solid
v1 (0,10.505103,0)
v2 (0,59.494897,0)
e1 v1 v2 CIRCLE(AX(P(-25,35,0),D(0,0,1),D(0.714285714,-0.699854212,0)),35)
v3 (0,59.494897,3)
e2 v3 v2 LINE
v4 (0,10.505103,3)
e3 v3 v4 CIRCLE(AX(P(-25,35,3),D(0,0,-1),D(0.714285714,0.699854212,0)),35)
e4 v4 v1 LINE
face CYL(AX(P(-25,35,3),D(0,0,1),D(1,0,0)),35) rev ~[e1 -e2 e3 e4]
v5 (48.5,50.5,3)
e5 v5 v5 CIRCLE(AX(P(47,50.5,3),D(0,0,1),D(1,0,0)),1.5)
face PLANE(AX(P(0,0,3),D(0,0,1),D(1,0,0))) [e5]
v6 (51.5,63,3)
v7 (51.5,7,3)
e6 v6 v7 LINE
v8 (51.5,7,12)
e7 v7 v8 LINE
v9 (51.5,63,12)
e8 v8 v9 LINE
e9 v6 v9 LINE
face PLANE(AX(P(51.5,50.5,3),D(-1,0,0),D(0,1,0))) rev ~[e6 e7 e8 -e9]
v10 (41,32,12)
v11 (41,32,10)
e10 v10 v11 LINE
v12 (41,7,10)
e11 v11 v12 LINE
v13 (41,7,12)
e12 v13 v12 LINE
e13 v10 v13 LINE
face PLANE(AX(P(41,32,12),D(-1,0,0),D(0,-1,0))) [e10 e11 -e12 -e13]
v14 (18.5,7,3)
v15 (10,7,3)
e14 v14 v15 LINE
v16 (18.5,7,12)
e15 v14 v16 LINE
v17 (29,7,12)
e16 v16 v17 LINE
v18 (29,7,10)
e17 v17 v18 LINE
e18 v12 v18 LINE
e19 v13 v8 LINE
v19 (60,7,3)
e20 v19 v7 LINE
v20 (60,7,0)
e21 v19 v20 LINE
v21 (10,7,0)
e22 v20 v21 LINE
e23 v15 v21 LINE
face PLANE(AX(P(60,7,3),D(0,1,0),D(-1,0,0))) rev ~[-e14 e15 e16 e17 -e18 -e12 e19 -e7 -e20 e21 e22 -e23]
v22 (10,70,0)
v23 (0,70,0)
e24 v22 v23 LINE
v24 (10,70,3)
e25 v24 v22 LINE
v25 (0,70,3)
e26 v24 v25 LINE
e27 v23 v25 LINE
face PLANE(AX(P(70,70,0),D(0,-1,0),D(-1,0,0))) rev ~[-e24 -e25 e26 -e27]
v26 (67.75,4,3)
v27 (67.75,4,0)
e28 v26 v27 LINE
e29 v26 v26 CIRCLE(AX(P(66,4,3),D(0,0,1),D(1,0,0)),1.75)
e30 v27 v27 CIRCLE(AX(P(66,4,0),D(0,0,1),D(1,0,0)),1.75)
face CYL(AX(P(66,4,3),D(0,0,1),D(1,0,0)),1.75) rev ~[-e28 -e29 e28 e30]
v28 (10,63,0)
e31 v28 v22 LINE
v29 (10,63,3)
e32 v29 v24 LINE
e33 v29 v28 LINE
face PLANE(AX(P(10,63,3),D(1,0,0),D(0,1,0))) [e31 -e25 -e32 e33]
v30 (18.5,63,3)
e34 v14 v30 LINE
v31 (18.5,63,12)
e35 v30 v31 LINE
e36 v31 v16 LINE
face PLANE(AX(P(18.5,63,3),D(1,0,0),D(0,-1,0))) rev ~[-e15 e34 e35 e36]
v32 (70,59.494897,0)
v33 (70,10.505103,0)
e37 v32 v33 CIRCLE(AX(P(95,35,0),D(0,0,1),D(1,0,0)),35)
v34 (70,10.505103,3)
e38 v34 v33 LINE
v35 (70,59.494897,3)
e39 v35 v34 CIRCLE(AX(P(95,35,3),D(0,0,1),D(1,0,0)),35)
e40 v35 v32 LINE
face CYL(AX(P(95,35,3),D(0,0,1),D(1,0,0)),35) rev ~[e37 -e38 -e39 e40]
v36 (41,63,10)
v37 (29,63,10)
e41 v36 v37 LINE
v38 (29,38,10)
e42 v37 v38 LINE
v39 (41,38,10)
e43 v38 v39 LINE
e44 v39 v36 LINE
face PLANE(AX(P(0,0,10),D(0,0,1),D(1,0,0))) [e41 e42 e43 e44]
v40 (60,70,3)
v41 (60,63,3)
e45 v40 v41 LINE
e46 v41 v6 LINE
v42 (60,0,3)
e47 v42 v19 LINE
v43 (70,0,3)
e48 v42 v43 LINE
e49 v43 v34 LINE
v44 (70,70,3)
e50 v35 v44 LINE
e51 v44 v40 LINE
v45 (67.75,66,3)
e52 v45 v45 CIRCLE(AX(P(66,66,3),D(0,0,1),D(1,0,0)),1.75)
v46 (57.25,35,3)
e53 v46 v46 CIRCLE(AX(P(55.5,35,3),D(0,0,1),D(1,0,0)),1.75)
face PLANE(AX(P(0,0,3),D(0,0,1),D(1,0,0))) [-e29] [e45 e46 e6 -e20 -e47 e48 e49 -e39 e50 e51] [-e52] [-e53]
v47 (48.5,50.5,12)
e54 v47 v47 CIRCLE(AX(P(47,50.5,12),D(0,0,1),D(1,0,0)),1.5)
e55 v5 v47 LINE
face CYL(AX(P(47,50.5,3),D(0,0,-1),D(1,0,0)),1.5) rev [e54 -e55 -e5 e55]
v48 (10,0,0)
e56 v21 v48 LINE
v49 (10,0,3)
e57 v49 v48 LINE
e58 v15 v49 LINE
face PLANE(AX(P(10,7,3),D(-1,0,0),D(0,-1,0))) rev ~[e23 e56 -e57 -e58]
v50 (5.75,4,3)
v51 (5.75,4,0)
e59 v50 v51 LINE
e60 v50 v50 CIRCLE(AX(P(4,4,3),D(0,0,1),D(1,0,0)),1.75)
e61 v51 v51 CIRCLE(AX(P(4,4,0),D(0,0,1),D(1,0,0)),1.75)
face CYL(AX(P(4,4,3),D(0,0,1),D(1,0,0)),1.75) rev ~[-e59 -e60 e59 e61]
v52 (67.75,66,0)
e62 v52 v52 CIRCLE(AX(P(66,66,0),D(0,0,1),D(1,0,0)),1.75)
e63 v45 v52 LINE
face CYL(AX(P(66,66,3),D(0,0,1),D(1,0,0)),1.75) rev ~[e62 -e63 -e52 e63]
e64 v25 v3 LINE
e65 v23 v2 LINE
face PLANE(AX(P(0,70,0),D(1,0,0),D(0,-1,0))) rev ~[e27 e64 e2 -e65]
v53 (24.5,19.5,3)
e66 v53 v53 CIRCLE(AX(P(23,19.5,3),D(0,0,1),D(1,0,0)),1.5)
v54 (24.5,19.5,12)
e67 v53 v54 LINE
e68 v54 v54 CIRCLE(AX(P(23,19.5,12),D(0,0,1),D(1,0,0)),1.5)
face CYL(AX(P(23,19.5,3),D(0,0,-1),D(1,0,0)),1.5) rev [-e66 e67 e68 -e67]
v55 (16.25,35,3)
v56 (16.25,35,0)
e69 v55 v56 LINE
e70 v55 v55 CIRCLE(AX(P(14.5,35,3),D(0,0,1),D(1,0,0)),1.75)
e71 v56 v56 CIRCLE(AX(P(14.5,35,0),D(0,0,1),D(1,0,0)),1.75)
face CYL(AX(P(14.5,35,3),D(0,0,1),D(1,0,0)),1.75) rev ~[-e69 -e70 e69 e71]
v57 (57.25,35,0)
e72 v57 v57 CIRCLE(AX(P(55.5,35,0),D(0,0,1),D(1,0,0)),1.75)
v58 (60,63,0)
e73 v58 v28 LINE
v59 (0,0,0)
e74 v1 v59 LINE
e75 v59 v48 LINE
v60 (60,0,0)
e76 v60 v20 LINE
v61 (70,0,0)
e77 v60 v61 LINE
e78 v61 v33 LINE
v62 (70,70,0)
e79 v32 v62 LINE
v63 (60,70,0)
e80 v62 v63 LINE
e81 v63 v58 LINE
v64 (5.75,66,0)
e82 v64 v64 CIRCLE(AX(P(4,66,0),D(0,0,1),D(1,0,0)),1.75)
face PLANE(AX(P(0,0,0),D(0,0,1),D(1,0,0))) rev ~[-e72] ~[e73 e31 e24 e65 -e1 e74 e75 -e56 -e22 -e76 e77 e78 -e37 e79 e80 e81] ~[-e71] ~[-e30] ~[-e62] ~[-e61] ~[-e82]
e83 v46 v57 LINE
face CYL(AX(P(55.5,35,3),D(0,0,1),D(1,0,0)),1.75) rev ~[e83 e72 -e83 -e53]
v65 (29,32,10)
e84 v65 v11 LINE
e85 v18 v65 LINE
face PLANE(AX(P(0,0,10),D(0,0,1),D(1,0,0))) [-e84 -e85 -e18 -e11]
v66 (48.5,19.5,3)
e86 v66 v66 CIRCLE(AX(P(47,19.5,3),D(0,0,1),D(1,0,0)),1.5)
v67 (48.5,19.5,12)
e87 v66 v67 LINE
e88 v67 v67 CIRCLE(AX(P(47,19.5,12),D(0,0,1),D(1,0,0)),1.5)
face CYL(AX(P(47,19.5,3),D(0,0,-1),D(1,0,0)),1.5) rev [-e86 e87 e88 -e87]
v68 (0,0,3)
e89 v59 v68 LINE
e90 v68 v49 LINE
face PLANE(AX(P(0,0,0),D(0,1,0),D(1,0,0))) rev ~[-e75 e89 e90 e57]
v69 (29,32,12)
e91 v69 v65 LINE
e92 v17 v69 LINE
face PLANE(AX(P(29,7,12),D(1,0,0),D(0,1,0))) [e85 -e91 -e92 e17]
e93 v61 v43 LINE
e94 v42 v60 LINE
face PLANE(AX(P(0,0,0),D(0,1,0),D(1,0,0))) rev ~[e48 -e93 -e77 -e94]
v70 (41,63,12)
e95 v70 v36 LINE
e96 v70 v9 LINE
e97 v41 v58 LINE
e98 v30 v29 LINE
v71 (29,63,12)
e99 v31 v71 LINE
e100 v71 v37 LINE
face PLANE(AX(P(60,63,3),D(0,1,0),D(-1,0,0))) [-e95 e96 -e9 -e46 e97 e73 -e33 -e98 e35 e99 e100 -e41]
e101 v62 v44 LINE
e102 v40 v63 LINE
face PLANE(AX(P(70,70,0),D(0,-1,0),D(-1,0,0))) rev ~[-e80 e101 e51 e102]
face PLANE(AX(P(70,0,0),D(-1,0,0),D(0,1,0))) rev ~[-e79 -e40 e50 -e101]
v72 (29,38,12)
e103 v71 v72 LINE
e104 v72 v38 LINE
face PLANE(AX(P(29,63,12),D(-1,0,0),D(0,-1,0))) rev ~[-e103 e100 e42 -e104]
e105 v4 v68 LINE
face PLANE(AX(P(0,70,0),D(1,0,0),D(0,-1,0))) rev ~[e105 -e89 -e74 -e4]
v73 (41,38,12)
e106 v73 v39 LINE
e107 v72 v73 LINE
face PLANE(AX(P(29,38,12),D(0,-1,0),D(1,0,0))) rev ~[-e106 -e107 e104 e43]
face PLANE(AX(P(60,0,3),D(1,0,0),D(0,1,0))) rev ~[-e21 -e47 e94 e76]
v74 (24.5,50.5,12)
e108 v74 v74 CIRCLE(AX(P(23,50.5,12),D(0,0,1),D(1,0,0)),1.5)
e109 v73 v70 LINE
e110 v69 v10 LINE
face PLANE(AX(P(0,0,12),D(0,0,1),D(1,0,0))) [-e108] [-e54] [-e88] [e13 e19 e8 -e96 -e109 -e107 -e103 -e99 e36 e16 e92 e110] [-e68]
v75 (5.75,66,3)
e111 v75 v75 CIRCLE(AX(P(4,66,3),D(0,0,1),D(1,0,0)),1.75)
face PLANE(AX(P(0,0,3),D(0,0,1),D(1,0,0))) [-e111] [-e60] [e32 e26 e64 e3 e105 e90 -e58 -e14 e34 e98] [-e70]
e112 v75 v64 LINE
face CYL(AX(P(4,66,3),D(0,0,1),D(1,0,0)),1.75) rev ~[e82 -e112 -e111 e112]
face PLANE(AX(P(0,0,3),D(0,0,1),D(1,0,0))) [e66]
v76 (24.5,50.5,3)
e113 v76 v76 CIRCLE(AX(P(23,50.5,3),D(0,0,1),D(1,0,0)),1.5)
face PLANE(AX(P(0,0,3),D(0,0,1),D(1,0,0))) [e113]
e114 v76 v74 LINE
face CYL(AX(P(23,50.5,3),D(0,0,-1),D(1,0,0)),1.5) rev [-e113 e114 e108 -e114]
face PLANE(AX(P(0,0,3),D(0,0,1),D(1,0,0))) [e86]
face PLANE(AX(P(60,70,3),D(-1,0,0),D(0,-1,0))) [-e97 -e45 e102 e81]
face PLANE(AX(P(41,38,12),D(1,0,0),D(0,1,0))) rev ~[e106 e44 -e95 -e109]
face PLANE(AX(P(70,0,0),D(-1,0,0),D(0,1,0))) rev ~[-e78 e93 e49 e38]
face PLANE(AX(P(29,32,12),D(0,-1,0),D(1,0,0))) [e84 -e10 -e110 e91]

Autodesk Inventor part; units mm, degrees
ref_plane "YZ Plane" through (0, 0, 0) normal (1, 0, 0) x (0, 1, 0)
ref_plane "XZ Plane" through (0, 0, 0) normal (0, 1, 0) x (-1, 0, 0)
ref_plane "XY Plane" through (0, 0, 0) normal (0, 0, 1) x (1, 0, 0)
sketch "Sketch1" plane through (0, 0, 0) normal (0, 0, 1) x (1, 0, 0)
  line L0 (0, 0) -> (70, 0)
  line L1 (70, 0) -> (70, 70)
  line L2 (70, 70) -> (0, 70)
  line L3 (0, 70) -> (0, 0)
  dimension "d0" = 70
  dimension "d1" = 70
extrude "Extrusion1" add sketch "Sketch1" along normal blind 3
sketch "Esboço3" plane through (0, 0, 3) normal (0, 0, 1) x (1, 0, 0)
  line L0 (70, 70) -> (0, 70) projected
  line L1 (70, 0) -> (70, 70) projected
  line L2 (0, 70) -> (0, 0) projected
  line L3 (41, 63) -> (29, 63)
  line L4 (29, 63) -> (29, 38)
  line L5 (29, 38) -> (41, 38)
  line L6 (41, 38) -> (41, 63)
  line L7 (41, 7) -> (29, 7)
  line L8 (29, 7) -> (29, 32)
  line L9 (29, 32) -> (41, 32)
  line L10 (41, 32) -> (41, 7)
  line L11 (0, 0) -> (70, 0) projected
  circle A0 centre (23, 19.5) radius 1.5
  circle A1 centre (23, 19.5) radius 4.5
  circle A2 centre (47, 19.5) radius 1.5
  circle A3 centre (47, 19.5) radius 4.5
  circle A4 centre (23, 50.5) radius 4.5
  circle A5 centre (23, 50.5) radius 1.5
  circle A6 centre (47, 50.5) radius 1.5
  circle A7 centre (47, 50.5) radius 4.5
  line L12 (18.5, 7) -> (51.5, 7)
  line L13 (51.5, 7) -> (51.5, 63)
  line L14 (51.5, 63) -> (18.5, 63)
  line L15 (18.5, 63) -> (18.5, 7)
  point P0 (35, 70)
  point P1 (35, 63)
  point P2 (35, 7)
  point P3 (29, 50.5)
  point P4 (35, 32)
  point P5 (18.5, 50.5)
  point P6 (18.5, 19.5)
  point P7 (51.5, 19.5)
  point P8 (51.5, 50.5)
  dimension "d10" = 70
  dimension "d11" = 12
  dimension "d12" = 25
  dimension "d13" = 7
  dimension "d14" = 35
  dimension "d15" = 12
  dimension "d16" = 25
  dimension "d17" = 7
  dimension "d18" = 35
  dimension "d21" = 3
  dimension "d22" = 12.5
  dimension "d24" = 9
  dimension "d25" = 6
  dimension "d26" = 3
  dimension "d27" = 9
  dimension "d28" = 6
  dimension "d29" = 12.5
  dimension "d30" = 9
  dimension "d31" = 6
  dimension "d32" = 3
  dimension "d33" = 12.5
  dimension "d34" = 3
  dimension "d35" = 9
  dimension "d36" = 12.5
  dimension "d37" = 6
  dimension "d40" = 56
  dimension "d41" = 16.5
  dimension "d42" = 16.5
extrude "Extrusão4" add sketch "Esboço3" along normal blind 9 contours L6 L5 L4 L3 | A4 | A1 | A3 | A7 | L14 L13 L12 L10 L9 L8 L15 L4 L5 L6 | L7 L8 L9 L10
sketch "Esboço4" plane through (0, 0, 12) normal (0, 0, 1) x (1, 0, 0)
  line L0 (70, 70) -> (0, 70)
  line L1 (70, 0) -> (70, 70)
  line L2 (0, 70) -> (0, 0)
  line L3 (41, 63) -> (29, 63)
  line L4 (29, 63) -> (29, 38)
  line L5 (29, 38) -> (41, 38)
  line L6 (41, 38) -> (41, 63)
  line L7 (41, 7) -> (29, 7)
  line L8 (29, 7) -> (29, 32)
  line L9 (29, 32) -> (41, 32)
  line L10 (41, 32) -> (41, 7)
  line L11 (0, 0) -> (70, 0)
  circle A0 centre (23, 19.5) radius 1.5
  circle A1 centre (23, 19.5) radius 4.5
  circle A2 centre (47, 19.5) radius 1.5
  circle A3 centre (47, 19.5) radius 4.5
  circle A4 centre (23, 50.5) radius 4.5
  circle A5 centre (23, 50.5) radius 1.5
  circle A6 centre (47, 50.5) radius 1.5
  circle A7 centre (47, 50.5) radius 4.5
  line L12 (18.5, 7) -> (51.5, 7)
  line L13 (51.5, 7) -> (51.5, 63)
  line L14 (51.5, 63) -> (18.5, 63)
  line L15 (18.5, 63) -> (18.5, 7)
  point P0 (35, 70)
  point P1 (35, 63)
  point P2 (35, 7)
  point P3 (29, 50.5)
  point P4 (35, 32)
  point P5 (18.5, 50.5)
  point P6 (18.5, 19.5)
  point P7 (51.5, 19.5)
  point P8 (51.5, 50.5)
  dimension "d43" = 70
  dimension "d44" = 12
  dimension "d45" = 25
  dimension "d46" = 7
  dimension "d47" = 35
  dimension "d48" = 12
  dimension "d49" = 25
  dimension "d50" = 7
  dimension "d51" = 35
  dimension "d52" = 3
  dimension "d53" = 12.5
  dimension "d54" = 9
  dimension "d55" = 6
  dimension "d56" = 3
  dimension "d57" = 9
  dimension "d58" = 6
  dimension "d59" = 12.5
  dimension "d60" = 9
  dimension "d61" = 6
  dimension "d62" = 3
  dimension "d63" = 12.5
  dimension "d64" = 3
  dimension "d65" = 9
  dimension "d66" = 12.5
  dimension "d67" = 6
  dimension "d68" = 56
  dimension "d69" = 16.5
  dimension "d70" = 16.5
extrude "Extrusão5" cut sketch "Esboço4" against normal blind 2 contours L6 L5 L4 L3 | L7 L8 L9 L10
sketch "Esboço5" plane through (0, 0, 3) normal (0, 0, 1) x (1, 0, 0)
  line L0 (0, 0) -> (70, 0) projected
  line L1 (10, 0) -> (60, 0)
  line L2 (60, 0) -> (60, 7)
  line L3 (60, 7) -> (10, 7)
  line L4 (10, 7) -> (10, 0)
  line L5 (70, 70) -> (0, 70) projected
  line L6 (10, 70) -> (60, 70)
  line L7 (60, 70) -> (60, 63)
  line L8 (60, 63) -> (10, 63)
  line L9 (10, 63) -> (10, 70)
  point P0 (35, 0)
  point P1 (60, 3.5)
  point P2 (10, 66.5)
  point P3 (35, 70)
  dimension "d73" = 50
  dimension "d74" = 25
  dimension "d75" = 7
  dimension "d76" = 50
  dimension "d77" = 7
  dimension "d78" = 25
extrude "Extrusão6" cut sketch "Esboço5" against normal up to surface (3 mm away)
sketch "Esboço6" plane through (0, 0, 3) normal (0, 0, 1) x (1, 0, 0)
  circle A0 centre (-25, 35) radius 35
  line L0 (0, 70) -> (0, 0) projected
  line L1 (0, 0) -> (10, 0) projected
  circle A1 centre (95, 35) radius 35
  line L2 (70, 0) -> (70, 70) projected
  line L3 (60, 0) -> (70, 0) projected
  circle A2 centre (4, 66) radius 1.75
  circle A3 centre (66, 66) radius 1.75
  circle A4 centre (4, 4) radius 1.75
  circle A5 centre (66, 4) radius 1.75
  line L4 (10, 70) -> (0, 70) projected
  line L5 (70, 70) -> (60, 70) projected
  circle A6 centre (14.5, 35) radius 1.75
  line L6 (18.5, 63) -> (18.5, 7) projected
  circle A7 centre (55.5, 35) radius 1.75
  line L7 (51.5, 7) -> (51.5, 63) projected
  point P0 (0, 35)
  point P1 (65, 0)
  point P2 (70, 10.5051)
  point P3 (70, 59.4949)
  point P4 (0, 59.4949)
  point P5 (0, 10.5051)
  dimension "d81" = 70
  dimension "d82" = 25
  dimension "d83" = 35
  dimension "d84" = 70
  dimension "d85" = 25
  dimension "d86" = 35
  dimension "d89" = 3.5
  dimension "d90" = 3.5
  dimension "d91" = 3.5
  dimension "d92" = 3.5
  dimension "d93" = 4
  dimension "d94" = 4
  dimension "d95" = 4
  dimension "d96" = 4
  dimension "d97" = 4
  dimension "d98" = 4
  dimension "d99" = 4
  dimension "d100" = 4
  dimension "d101" = 3.5
  dimension "d102" = 4
  dimension "d103" = 35
  dimension "d104" = 3.5
  dimension "d105" = 4
  dimension "d106" = 35
extrude "Extrusão7" cut sketch "Esboço6" against normal up to surface (3 mm away) contours A0 L0 | L2 A1 | A2 | A3 | A4 | A5 | A6 | A7 picked at (1.4165, 28.5928) picked at (66.7381, 33.7107)
sketch "Esboço7" plane through (0, 0, 3) normal (0, 0, 1) x (1, 0, 0)
  point P0 (0, 0)
equation "\"d13\" = d17"
equation "\"d14\" = 0.5 * d10"
equation "\"d18\" = d14"
equation "\"d30\" = d24"
equation "\"d31\" = d25"
equation "\"d32\" = d21"
equation "\"d33\" = d22"
equation "\"d34\" = d21"
equation "\"d35\" = d27"
equation "\"d36\" = d29"
equation "\"d37\" = d28"
equation "\"d46\" = d50"
equation "\"d47\" = 0.5 * d43"
equation "\"d51\" = d47"
equation "\"d60\" = d54"
equation "\"d61\" = d55"
equation "\"d62\" = d52"
equation "\"d63\" = d53"
equation "\"d64\" = d52"
equation "\"d65\" = d57"
equation "\"d66\" = d59"
equation "\"d67\" = d58"
equation "\"d74\" = 0.5 * d73"
equation "\"d78\" = 0.5 * d76"
equation "\"d90\" = d89"
